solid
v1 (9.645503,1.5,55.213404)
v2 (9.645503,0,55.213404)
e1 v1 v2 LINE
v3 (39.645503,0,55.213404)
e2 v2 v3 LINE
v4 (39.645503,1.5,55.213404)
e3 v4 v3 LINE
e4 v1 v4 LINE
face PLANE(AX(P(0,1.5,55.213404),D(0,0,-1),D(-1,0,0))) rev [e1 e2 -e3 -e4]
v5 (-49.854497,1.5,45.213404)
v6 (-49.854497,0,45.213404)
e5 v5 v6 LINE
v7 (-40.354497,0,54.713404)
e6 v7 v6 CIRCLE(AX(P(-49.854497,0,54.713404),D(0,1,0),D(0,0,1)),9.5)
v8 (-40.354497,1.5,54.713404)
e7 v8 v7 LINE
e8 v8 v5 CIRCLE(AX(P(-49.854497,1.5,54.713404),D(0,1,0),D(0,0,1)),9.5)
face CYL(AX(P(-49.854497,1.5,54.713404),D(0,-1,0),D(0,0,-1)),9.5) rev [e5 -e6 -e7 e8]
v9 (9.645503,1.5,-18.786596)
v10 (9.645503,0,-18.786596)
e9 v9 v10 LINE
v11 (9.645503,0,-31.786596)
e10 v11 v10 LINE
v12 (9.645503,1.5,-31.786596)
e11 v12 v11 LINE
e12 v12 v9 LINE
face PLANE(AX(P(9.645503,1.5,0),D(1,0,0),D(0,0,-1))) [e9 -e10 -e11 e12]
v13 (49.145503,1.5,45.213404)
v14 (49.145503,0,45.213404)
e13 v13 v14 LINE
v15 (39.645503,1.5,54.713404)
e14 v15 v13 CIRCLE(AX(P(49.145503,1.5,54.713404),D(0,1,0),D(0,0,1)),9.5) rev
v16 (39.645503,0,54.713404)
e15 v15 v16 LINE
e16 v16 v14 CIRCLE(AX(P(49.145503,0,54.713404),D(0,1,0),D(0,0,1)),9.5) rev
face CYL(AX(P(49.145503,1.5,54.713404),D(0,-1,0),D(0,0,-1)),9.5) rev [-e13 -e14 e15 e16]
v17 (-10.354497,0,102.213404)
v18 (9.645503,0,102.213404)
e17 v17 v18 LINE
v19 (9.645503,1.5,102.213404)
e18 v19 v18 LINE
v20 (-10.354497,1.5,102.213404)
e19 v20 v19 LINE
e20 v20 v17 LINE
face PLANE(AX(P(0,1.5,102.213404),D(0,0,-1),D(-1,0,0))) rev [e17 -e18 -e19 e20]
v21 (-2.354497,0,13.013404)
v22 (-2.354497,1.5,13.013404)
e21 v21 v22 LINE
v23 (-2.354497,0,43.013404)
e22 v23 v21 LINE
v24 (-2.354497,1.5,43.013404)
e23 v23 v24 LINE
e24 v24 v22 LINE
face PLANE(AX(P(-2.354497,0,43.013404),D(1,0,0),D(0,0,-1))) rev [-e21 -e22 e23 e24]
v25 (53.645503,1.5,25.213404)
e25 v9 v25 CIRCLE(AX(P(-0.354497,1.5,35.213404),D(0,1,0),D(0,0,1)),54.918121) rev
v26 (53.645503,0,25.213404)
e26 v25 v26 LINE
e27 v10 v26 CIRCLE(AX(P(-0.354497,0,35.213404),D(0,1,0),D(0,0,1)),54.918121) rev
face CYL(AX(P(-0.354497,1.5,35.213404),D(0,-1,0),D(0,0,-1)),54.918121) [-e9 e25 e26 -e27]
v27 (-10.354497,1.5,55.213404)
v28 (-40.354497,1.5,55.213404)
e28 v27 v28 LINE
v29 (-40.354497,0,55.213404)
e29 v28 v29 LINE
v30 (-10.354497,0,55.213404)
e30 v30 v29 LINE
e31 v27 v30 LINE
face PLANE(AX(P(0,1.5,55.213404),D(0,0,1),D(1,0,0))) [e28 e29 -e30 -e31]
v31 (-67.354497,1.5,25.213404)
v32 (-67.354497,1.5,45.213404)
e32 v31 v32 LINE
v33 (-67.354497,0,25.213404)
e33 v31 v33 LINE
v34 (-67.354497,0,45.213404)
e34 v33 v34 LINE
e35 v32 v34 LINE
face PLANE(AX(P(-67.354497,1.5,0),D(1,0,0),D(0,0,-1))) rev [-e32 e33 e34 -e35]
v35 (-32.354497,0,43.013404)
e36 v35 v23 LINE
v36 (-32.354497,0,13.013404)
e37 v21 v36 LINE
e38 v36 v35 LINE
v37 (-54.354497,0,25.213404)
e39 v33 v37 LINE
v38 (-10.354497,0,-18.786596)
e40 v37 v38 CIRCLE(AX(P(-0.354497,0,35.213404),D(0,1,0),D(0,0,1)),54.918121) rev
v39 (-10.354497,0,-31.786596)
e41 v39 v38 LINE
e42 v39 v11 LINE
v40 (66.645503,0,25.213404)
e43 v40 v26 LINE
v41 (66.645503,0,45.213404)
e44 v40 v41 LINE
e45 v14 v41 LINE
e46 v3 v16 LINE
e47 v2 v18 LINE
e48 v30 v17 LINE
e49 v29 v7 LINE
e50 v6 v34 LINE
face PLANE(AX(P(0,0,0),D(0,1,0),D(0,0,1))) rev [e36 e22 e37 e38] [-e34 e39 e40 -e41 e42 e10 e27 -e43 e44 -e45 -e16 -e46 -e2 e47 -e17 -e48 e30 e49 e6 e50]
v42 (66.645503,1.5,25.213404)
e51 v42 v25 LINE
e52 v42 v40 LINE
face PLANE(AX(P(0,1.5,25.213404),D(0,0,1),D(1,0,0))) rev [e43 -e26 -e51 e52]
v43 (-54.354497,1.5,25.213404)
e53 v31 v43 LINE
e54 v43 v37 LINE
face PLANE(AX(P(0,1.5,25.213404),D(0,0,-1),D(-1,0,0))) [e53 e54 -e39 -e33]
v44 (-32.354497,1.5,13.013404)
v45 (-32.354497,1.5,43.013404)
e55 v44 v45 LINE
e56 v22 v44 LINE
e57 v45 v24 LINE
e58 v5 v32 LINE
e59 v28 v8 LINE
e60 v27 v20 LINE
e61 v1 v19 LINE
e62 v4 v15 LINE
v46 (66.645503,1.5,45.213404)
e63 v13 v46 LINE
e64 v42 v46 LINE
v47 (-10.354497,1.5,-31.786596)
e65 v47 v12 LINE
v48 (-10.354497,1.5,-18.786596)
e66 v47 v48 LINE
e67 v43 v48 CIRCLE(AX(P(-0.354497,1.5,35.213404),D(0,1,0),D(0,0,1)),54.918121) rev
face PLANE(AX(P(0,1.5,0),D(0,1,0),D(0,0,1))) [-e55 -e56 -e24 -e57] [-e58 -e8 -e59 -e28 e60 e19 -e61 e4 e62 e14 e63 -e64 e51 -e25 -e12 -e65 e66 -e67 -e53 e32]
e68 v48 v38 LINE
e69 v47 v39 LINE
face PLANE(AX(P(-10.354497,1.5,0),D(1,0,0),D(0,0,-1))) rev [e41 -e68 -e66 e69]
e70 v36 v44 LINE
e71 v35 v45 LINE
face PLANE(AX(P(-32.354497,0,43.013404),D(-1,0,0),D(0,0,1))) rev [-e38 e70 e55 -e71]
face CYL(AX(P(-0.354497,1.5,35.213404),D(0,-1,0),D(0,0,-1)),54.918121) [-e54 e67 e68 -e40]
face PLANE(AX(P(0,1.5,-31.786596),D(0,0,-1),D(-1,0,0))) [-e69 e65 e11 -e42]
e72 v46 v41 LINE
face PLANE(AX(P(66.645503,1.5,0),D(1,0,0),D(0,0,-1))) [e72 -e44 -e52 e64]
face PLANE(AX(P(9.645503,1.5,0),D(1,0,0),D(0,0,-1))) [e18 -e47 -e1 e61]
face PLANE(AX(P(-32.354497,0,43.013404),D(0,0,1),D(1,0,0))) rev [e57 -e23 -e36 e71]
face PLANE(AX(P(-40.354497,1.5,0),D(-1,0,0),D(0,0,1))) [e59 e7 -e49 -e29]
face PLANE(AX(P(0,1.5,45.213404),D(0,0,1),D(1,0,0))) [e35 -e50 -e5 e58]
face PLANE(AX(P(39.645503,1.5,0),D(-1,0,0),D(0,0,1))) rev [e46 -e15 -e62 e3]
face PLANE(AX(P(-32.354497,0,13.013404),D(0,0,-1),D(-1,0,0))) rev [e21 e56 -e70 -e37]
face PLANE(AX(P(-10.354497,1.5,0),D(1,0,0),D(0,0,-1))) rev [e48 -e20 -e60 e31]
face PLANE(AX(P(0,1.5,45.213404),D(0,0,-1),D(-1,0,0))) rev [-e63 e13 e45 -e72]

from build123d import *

# Parameters (mm, degrees)
SALIENTE_EXTRUIR1_DEPTH = 1.5
CROQUIS2_W              = 30
CROQUIS2_H              = 30
CORTAR_EXTRUIR1_DEPTH   = 123.41919068


with BuildPart() as part:
    # Croquis1 → Saliente-Extruir1 (new body)
    with BuildSketch(Plane(origin=(0, 0, 0), x_dir=(1, 0, 0), z_dir=(0, 1, 0))):
        with BuildLine():
            Line((-10.354497354, 18.78659612), (-10.354497354, -55.21340388))
            Line((-10.354497354, -55.21340388), (-10.354497354, -102.21340388))
            Line((-10.354497354, -102.21340388), (9.645502646, -102.21340388))
            Line((9.645502646, -102.21340388), (9.645502646, -55.21340388))
            Line((9.645502646, -55.21340388), (9.645502646, 18.78659612))
            ThreePointArc((9.645502646, 18.78659612), (-0.354497354, 19.704716991), (-10.354497354, 18.78659612))
        make_face()
        with BuildLine():
            ThreePointArc((53.645502646, -25.21340388), (38.478478323, 3.619571798), (9.645502646, 18.78659612))
            Line((9.645502646, 18.78659612), (9.645502646, -55.21340388))
            Line((9.645502646, -55.21340388), (39.645502646, -55.21340388))
            Line((39.645502646, -55.21340388), (39.645502646, -54.71340388))
            ThreePointArc((39.645502646, -54.71340388), (42.427988224, -47.995889459), (49.145502646, -45.21340388))
            Line((49.145502646, -45.21340388), (66.645502646, -45.21340388))
            Line((66.645502646, -45.21340388), (66.645502646, -25.21340388))
            Line((66.645502646, -25.21340388), (53.645502646, -25.21340388))
        make_face()
        with BuildLine():
            Line((-40.354497354, -54.71340388), (-40.354497354, -55.21340388))
            Line((-40.354497354, -55.21340388), (-10.354497354, -55.21340388))
            Line((-10.354497354, -55.21340388), (-10.354497354, 18.78659612))
            ThreePointArc((-10.354497354, 18.78659612), (-39.187473032, 3.619571798), (-54.354497354, -25.21340388))
            Line((-54.354497354, -25.21340388), (-67.354497354, -25.21340388))
            Line((-67.354497354, -25.21340388), (-67.354497354, -45.21340388))
            Line((-67.354497354, -45.21340388), (-49.854497354, -45.21340388))
            ThreePointArc((-49.854497354, -45.21340388), (-43.136982933, -47.995889459), (-40.354497354, -54.71340388))
        make_face()
        with BuildLine():
            Line((-10.354497354, 31.78659612), (-10.354497354, 18.78659612))
            ThreePointArc((-10.354497354, 18.78659612), (-0.354497354, 19.704716991), (9.645502646, 18.78659612))
            Line((9.645502646, 18.78659612), (9.645502646, 31.78659612))
            Line((9.645502646, 31.78659612), (-10.354497354, 31.78659612))
        make_face()
    extrude(amount=SALIENTE_EXTRUIR1_DEPTH)

    # Croquis2 → Cortar-Extruir1 (cut, through all)
    with BuildSketch(Plane(origin=(0, 1.5, 0), x_dir=(1, 0, 0), z_dir=(0, 1, 0))):
        with Locations((-17.354497354, -28.01340388)):
            Rectangle(CROQUIS2_W, CROQUIS2_H)
    extrude(amount=-CORTAR_EXTRUIR1_DEPTH, mode=Mode.SUBTRACT)


solid = part.part
